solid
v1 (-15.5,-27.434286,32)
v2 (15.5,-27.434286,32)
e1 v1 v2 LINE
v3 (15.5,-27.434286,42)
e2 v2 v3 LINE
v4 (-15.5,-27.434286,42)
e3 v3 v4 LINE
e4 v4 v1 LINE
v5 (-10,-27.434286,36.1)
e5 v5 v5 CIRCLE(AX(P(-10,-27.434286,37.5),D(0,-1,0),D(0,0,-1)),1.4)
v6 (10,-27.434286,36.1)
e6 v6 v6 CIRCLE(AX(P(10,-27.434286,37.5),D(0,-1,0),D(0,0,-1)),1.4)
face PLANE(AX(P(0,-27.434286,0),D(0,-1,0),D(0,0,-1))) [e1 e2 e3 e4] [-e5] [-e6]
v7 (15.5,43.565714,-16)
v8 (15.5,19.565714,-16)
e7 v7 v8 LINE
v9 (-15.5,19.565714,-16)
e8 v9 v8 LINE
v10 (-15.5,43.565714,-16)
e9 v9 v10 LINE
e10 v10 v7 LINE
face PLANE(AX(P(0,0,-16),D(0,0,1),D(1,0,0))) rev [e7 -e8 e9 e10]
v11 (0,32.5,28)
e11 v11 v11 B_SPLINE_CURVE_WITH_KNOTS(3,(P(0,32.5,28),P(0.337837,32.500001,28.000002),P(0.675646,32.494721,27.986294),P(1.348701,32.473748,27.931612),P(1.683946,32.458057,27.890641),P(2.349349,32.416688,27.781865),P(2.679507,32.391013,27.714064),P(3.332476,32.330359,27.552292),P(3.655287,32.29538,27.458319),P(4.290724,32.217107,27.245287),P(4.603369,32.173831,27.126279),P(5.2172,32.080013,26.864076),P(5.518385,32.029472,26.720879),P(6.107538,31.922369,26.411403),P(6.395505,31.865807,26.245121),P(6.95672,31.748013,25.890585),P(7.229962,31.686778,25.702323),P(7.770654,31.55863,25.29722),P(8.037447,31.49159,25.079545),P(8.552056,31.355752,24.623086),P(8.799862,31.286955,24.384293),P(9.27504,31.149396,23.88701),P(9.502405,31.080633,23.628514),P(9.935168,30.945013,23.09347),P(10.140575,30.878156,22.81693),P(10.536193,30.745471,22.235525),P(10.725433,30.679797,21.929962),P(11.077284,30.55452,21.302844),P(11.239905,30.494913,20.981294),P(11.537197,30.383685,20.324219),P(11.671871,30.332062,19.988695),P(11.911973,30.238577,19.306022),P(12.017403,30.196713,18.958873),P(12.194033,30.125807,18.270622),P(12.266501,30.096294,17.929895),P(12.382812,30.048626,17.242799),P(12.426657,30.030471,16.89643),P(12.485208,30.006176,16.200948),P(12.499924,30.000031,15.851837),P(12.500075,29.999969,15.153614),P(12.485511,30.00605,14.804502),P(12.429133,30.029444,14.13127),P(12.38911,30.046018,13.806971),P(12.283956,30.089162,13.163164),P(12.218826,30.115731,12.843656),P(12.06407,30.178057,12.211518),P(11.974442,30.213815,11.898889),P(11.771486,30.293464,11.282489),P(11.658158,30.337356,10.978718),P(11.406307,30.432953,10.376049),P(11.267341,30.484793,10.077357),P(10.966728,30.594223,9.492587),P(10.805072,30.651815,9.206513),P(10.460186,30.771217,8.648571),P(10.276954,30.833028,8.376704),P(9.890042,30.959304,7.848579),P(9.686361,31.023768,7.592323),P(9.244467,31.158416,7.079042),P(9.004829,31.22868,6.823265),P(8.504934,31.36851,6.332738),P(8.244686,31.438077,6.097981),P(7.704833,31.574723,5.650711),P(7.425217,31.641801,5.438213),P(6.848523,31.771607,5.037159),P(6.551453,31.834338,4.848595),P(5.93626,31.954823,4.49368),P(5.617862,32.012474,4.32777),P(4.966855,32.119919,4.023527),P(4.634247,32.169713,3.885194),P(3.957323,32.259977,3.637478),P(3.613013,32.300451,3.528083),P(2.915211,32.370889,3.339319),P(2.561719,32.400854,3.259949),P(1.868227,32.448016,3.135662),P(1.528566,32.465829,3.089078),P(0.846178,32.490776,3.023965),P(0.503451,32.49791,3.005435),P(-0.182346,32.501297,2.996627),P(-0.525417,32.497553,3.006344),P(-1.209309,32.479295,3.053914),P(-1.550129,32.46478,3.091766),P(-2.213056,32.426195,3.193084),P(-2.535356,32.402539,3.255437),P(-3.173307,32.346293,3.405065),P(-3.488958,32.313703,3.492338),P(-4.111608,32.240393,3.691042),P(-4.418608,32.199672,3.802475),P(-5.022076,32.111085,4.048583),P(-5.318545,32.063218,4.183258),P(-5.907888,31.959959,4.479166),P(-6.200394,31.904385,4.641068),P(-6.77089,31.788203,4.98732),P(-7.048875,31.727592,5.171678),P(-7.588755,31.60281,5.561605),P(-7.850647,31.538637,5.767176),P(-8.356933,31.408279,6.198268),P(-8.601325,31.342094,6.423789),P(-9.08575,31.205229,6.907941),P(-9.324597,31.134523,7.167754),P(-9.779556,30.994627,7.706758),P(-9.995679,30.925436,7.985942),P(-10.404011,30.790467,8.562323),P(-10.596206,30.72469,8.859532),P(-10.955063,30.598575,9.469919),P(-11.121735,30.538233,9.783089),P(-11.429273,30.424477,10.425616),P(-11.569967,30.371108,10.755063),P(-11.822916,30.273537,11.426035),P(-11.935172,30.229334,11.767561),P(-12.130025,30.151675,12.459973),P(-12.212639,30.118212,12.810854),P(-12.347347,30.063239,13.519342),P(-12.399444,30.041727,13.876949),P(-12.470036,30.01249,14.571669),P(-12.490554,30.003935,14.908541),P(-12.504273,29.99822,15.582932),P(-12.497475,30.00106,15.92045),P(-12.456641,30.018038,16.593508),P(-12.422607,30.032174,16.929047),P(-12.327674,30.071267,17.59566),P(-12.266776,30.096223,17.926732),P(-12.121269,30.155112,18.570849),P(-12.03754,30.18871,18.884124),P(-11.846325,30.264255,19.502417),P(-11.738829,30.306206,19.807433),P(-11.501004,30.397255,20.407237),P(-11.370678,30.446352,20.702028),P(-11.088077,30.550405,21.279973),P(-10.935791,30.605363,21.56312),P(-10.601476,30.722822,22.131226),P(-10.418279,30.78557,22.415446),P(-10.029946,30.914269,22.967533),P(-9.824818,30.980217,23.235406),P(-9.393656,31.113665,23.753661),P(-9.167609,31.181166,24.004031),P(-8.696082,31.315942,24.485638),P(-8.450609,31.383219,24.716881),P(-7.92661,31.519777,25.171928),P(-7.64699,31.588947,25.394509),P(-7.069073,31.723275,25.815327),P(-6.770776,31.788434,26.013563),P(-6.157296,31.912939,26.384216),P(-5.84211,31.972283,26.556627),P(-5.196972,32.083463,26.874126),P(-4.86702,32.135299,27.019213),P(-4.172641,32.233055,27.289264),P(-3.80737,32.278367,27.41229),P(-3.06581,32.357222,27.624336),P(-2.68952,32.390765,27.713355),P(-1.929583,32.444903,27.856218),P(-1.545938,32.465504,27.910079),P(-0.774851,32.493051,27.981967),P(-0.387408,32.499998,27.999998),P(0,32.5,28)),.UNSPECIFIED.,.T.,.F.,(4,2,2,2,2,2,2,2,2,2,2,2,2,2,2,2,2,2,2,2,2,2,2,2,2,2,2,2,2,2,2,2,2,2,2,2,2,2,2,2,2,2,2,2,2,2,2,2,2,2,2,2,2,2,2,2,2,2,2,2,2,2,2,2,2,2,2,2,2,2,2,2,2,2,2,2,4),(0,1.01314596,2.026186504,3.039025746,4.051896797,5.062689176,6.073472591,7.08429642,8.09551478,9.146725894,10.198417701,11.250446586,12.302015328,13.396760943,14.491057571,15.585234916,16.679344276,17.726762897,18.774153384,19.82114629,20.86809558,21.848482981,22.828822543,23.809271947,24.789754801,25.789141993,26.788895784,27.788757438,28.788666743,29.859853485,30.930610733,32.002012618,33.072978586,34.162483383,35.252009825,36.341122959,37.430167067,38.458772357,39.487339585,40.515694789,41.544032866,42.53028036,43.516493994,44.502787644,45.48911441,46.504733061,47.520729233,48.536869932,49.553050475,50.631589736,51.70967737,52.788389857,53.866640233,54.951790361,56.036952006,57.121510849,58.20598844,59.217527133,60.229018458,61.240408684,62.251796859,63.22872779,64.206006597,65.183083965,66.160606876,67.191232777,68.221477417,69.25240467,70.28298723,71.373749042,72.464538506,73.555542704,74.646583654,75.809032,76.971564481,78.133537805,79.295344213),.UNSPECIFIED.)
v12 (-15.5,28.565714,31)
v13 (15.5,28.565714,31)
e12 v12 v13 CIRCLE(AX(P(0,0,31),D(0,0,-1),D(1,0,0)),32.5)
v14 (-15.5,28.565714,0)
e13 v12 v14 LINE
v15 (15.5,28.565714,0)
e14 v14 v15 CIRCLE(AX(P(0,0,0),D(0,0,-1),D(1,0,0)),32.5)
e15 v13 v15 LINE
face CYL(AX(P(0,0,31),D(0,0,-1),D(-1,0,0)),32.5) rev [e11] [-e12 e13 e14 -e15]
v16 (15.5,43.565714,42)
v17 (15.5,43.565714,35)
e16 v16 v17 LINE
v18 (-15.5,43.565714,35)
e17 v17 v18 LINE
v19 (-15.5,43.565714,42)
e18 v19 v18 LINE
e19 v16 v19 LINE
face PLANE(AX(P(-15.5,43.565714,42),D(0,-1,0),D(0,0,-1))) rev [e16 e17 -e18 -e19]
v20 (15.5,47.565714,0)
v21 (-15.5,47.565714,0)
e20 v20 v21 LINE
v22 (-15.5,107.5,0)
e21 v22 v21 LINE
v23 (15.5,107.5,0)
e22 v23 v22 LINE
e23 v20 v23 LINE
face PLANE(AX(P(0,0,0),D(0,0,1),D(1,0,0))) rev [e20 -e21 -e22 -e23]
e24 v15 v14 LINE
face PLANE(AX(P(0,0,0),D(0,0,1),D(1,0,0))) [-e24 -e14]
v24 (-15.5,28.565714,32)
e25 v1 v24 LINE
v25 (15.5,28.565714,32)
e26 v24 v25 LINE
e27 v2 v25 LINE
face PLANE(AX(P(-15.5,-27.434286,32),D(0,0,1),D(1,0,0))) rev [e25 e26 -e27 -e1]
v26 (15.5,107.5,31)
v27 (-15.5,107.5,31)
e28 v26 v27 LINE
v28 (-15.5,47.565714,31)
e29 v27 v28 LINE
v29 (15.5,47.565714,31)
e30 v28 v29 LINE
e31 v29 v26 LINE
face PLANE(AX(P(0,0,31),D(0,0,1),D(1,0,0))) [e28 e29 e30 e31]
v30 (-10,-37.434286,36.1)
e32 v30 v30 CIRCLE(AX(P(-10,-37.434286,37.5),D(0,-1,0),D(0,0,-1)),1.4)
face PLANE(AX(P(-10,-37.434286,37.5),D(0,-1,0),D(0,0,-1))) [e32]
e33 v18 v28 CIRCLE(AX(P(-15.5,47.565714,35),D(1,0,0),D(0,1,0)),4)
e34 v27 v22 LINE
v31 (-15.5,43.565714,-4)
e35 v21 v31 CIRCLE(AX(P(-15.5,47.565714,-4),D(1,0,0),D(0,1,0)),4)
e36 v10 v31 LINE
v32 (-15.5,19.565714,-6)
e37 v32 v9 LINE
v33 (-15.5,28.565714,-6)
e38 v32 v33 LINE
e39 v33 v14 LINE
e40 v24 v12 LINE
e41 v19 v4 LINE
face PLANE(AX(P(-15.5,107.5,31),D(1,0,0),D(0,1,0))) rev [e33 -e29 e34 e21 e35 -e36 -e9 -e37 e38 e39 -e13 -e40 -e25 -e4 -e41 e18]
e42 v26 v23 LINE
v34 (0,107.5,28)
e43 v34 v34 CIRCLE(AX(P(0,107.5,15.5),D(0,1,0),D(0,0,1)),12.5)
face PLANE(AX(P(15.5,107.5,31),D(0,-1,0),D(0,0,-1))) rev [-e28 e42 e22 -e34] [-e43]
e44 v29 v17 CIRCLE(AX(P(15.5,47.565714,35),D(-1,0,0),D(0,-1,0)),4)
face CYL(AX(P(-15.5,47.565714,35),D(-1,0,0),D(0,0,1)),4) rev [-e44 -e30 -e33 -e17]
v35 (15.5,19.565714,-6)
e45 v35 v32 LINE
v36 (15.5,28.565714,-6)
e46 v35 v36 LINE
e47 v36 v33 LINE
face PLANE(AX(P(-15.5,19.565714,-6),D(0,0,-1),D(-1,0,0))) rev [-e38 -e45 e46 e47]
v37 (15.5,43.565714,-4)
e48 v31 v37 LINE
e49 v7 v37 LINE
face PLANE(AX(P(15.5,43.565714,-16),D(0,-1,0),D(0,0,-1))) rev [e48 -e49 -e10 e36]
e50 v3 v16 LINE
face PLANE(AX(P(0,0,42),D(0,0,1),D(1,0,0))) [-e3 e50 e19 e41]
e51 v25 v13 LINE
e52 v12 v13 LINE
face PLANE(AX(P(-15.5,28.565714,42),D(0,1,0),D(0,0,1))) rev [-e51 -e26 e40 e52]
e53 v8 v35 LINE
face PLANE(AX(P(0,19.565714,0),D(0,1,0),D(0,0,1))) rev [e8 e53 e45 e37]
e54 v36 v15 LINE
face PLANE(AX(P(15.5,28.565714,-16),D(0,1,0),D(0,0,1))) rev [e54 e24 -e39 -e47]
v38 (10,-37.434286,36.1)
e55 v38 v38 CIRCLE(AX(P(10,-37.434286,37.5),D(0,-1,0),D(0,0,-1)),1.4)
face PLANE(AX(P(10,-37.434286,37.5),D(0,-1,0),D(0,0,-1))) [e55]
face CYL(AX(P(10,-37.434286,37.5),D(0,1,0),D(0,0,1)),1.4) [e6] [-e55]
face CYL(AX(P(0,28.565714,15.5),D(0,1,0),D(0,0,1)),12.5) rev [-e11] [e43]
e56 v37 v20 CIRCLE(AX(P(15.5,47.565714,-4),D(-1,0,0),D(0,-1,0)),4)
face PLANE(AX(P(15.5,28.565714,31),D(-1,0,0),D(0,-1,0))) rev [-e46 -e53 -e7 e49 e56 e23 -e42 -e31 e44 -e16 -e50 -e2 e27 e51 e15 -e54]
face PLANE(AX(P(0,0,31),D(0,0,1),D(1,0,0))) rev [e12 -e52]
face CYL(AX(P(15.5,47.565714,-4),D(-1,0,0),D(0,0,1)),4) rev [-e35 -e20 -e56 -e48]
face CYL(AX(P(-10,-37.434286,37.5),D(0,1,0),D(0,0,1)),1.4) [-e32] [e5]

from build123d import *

# Parameters (mm, degrees)
BOSS_EXTRUDE1_DEPTH = 31
SKETCH3_R           = 12.5
CUT_EXTRUDE1_DEPTH  = 87.208303263
SKETCH4_W           = 31
SKETCH4_H           = 15
BOSS_EXTRUDE2_DEPTH = 11
SKETCH5_W           = 31
SKETCH5_H           = 10
BOSS_EXTRUDE3_DEPTH = 56
SKETCH6_R           = 1.4
BOSS_EXTRUDE4_DEPTH = 10
SKETCH7_W           = 31
SKETCH7_H           = 15
BOSS_EXTRUDE5_DEPTH = 16
SKETCH8_W           = 31
SKETCH8_H           = 10
BOSS_EXTRUDE6_DEPTH = 9
FILLET1_R           = 4


with BuildPart() as part:
    # Sketch1 → Boss-Extrude1 (new body)
    with BuildSketch(Plane.XY):
        with BuildLine():
            Line((-15.5, 107.5), (-15.5, 28.565713714))
            ThreePointArc((-15.5, 28.565713714), (0, 32.5), (15.5, 28.565713714))
            Line((15.5, 28.565713714), (15.5, 107.5))
            Line((15.5, 107.5), (-15.5, 107.5))
        make_face()
    extrude(amount=BOSS_EXTRUDE1_DEPTH)

    # Sketch3 → Cut-Extrude1 (cut, through all)
    with BuildSketch(Plane(origin=(0, 107.5, 0), x_dir=(1, 0, 0), z_dir=(0, 1, 0))):
        with Locations(Location((0, -15.5, 0), (0, 0, 270))):
            Circle(SKETCH3_R)
    extrude(amount=-CUT_EXTRUDE1_DEPTH, mode=Mode.SUBTRACT)

    # Sketch4 → Boss-Extrude2 (add)
    with BuildSketch(Plane.XY.offset(31)):
        with Locations((0, 36.065713714)):
            Rectangle(SKETCH4_W, SKETCH4_H)
    extrude(amount=BOSS_EXTRUDE2_DEPTH)

    # Sketch5 → Boss-Extrude3 (add)
    with BuildSketch(Plane.XZ.offset(-28.565713714)):
        with Locations((0, 37)):
            Rectangle(SKETCH5_W, SKETCH5_H)
    extrude(amount=BOSS_EXTRUDE3_DEPTH)

    # Sketch6 → Boss-Extrude4 (add)
    with BuildSketch(Plane.XZ.offset(27.434286286)):
        with Locations(Location((-10, 37.5, 0), (0, 0, 270))):
            Circle(SKETCH6_R)
        with Locations(Location((10, 37.5, 0), (0, 0, 270))):
            Circle(SKETCH6_R)
    extrude(amount=BOSS_EXTRUDE4_DEPTH)

    # Sketch7 → Boss-Extrude5 (add)
    with BuildSketch(Plane(origin=(0, 0, 0), x_dir=(-1, 0, 0), z_dir=(0, 0, -1))):
        with Locations((0, 36.065713714)):
            Rectangle(SKETCH7_W, SKETCH7_H)
    extrude(amount=BOSS_EXTRUDE5_DEPTH)

    # Sketch8 → Boss-Extrude6 (add)
    with BuildSketch(Plane.XZ.offset(-28.565713714)):
        with Locations((0, -11)):
            Rectangle(SKETCH8_W, SKETCH8_H)
    extrude(amount=BOSS_EXTRUDE6_DEPTH)

    # Fillet1
    fillet1_edges = [part.edges().sort_by_distance(p)[0] for p in [
        (0, 43.565713714, 31),
        (0, 43.565713714, 0),
    ]]
    fillet(fillet1_edges, radius=FILLET1_R)


solid = part.part
